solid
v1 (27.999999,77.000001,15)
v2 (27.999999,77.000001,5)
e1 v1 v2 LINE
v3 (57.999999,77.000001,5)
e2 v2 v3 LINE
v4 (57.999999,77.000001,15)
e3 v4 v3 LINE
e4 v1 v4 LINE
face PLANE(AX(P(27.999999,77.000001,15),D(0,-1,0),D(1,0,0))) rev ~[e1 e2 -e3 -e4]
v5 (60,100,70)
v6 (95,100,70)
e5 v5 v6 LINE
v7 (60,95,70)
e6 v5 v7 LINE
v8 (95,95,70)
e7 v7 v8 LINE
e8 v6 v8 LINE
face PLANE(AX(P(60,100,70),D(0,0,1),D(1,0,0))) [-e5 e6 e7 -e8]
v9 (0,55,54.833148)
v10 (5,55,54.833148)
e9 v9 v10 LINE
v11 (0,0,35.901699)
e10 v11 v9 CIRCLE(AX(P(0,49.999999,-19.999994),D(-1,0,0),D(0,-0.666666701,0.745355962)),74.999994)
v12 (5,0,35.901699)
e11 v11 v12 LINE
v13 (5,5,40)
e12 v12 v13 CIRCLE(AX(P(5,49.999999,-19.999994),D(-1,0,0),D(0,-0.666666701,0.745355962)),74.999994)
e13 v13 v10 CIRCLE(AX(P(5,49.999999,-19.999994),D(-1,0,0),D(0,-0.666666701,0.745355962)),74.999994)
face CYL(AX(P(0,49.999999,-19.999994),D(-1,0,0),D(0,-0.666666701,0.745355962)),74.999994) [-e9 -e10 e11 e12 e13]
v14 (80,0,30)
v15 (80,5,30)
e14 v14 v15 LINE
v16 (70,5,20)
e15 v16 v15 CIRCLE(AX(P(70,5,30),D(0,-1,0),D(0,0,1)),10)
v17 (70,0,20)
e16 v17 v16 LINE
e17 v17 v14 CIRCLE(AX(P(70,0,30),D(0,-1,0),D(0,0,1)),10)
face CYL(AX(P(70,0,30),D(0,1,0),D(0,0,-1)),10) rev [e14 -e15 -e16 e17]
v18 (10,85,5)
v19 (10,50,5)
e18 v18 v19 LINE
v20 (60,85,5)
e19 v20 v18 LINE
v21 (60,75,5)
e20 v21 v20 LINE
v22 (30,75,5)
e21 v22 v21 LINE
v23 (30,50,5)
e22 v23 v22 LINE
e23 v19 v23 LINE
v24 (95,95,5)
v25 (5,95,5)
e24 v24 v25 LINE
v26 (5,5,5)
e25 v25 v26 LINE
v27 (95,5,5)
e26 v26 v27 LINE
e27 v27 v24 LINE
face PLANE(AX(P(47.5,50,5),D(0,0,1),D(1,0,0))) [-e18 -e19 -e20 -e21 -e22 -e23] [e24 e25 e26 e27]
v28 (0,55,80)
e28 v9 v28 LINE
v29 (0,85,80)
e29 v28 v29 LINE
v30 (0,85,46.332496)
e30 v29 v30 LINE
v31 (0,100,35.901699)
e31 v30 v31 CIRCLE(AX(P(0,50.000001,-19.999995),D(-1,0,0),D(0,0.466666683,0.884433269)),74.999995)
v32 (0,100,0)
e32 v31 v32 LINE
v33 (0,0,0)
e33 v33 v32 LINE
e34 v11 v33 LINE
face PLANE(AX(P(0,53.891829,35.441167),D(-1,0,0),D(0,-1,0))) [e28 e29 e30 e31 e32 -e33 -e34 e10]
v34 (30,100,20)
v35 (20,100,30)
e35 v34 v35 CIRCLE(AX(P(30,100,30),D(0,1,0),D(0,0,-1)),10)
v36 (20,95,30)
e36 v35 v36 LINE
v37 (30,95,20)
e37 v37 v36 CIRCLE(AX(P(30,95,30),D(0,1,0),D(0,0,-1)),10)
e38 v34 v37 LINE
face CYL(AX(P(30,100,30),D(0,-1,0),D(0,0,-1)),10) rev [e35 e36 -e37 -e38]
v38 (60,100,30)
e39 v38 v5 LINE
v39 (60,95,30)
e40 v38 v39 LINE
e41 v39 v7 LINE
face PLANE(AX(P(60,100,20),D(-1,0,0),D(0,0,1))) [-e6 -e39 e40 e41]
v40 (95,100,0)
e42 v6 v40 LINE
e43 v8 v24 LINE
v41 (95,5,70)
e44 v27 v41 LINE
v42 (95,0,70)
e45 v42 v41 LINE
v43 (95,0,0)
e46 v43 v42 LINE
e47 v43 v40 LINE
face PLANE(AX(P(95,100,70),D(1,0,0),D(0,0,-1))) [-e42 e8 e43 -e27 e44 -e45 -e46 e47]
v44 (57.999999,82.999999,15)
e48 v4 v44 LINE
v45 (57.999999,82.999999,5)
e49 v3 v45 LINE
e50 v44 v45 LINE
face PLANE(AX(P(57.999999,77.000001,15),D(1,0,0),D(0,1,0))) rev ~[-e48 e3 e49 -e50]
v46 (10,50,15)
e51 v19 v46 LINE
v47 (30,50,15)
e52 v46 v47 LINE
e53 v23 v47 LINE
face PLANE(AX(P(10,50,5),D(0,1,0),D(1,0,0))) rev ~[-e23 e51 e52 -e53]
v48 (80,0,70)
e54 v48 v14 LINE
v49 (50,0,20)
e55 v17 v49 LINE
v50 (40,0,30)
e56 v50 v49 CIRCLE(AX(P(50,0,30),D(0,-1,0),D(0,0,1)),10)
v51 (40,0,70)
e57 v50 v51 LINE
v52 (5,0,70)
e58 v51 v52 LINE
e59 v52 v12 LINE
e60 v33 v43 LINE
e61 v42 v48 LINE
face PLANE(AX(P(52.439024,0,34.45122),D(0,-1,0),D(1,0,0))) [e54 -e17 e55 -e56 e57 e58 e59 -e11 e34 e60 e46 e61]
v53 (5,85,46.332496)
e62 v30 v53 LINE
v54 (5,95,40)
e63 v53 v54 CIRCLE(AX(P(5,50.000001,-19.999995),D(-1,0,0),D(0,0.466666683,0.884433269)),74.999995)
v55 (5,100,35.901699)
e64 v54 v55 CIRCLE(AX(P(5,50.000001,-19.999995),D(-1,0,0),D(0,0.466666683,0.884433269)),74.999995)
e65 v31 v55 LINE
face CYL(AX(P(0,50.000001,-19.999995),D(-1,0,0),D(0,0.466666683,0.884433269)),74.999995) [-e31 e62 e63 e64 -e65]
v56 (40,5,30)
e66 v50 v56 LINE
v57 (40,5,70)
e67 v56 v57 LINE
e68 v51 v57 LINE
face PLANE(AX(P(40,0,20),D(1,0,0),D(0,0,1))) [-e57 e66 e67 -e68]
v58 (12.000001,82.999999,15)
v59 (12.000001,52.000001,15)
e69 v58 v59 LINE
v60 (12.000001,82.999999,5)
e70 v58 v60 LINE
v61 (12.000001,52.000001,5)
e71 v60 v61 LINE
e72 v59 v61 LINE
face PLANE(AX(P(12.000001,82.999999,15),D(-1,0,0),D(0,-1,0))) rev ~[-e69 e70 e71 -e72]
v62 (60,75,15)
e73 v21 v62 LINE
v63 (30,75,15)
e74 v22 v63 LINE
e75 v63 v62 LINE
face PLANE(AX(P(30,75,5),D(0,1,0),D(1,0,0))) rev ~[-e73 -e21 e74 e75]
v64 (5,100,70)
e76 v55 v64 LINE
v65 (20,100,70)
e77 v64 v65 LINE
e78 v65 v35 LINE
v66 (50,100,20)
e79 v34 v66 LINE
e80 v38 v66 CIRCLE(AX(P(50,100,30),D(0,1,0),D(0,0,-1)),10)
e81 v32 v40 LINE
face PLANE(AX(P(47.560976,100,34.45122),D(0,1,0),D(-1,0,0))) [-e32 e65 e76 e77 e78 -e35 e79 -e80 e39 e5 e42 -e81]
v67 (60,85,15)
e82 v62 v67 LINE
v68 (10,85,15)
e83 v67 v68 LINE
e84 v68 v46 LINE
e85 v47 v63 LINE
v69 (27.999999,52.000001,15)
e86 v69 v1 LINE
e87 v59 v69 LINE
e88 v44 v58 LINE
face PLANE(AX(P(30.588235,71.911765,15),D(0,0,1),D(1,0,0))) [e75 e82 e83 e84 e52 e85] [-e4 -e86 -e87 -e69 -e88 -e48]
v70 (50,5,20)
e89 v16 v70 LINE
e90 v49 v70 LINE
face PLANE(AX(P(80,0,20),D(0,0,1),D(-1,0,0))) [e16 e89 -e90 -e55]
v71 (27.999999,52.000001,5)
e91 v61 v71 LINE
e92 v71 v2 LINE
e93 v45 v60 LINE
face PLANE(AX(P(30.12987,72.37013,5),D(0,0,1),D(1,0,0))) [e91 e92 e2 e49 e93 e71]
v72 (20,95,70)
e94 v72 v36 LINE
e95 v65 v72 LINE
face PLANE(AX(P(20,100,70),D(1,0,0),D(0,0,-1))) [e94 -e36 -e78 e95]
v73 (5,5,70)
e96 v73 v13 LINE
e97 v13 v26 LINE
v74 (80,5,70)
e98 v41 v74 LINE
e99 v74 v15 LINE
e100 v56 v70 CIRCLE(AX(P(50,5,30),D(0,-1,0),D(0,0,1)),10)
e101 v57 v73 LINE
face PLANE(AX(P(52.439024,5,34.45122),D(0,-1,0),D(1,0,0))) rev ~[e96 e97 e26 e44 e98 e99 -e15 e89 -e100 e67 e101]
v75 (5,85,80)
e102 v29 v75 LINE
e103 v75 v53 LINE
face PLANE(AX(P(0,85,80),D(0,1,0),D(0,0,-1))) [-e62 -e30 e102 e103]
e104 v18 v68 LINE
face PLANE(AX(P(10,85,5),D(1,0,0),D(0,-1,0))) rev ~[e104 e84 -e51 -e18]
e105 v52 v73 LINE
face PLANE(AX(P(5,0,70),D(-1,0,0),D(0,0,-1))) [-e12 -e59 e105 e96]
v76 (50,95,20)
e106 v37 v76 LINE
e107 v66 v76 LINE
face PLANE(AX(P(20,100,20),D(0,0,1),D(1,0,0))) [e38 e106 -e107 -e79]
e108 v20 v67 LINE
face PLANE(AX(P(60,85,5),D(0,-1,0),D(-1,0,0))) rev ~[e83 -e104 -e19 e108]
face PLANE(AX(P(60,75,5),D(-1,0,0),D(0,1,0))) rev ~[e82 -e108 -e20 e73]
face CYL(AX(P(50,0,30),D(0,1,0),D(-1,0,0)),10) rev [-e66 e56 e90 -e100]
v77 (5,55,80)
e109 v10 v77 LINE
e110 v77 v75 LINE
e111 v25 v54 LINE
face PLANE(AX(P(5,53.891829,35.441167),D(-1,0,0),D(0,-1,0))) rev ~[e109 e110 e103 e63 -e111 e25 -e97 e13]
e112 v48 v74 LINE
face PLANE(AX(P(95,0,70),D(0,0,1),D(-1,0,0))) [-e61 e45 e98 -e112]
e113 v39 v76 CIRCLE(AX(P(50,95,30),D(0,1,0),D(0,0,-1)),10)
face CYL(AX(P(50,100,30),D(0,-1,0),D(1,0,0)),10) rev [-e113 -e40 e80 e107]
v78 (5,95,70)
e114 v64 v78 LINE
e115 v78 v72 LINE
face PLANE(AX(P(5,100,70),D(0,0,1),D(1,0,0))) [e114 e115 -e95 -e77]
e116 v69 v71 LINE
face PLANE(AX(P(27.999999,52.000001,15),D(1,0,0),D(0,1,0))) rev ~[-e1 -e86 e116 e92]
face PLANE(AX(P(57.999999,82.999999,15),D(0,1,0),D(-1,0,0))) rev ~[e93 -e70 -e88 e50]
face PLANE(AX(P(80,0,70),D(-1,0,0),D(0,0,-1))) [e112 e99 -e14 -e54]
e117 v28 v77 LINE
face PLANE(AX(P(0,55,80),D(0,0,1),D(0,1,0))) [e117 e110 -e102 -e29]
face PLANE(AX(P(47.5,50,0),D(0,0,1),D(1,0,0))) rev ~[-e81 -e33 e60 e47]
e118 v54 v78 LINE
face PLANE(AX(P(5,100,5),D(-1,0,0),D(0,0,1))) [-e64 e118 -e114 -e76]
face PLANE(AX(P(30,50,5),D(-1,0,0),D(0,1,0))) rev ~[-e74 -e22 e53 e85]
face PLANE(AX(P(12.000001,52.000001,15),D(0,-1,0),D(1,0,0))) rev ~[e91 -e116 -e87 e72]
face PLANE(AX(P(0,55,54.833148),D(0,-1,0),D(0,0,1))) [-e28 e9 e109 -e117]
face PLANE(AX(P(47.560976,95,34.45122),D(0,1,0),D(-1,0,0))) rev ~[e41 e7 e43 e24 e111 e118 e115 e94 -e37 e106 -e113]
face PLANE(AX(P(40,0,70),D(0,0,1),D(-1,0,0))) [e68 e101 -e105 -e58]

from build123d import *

# Parameters (mm, degrees)
F0_W      = 95
F0_H      = 100
F1_DEPTH  = 5
F3_DEPTH  = 5
F5_DEPTH  = 5
F7_DEPTH  = 5
F8_R      = 10
F10_DEPTH = 10
F12_DEPTH = 10


with BuildPart() as f1:
    # F0 (on Top) → F1 (new body)
    with BuildSketch(Plane.XY):
        with Locations((47.5, 50)):
            Rectangle(F0_W, F0_H)
    extrude(amount=F1_DEPTH)

    # F2 (on face) → F3 (join)
    with BuildSketch(Plane(origin=(0, 0, 0), x_dir=(0, -1, 0), z_dir=(-1, 0, 0))):
        with BuildLine():
            Line((0, 5), (0, 35.901699))
            ThreePointArc((0, 35.901699), (-25.589962, 50.916501), (-55, 54.833148))
            Line((-55, 54.833148), (-55, 80))
            Line((-55, 80), (-85, 80))
            Line((-85, 80), (-85, 46.332496))
            ThreePointArc((-85, 46.332496), (-92.818809, 41.57556), (-100, 35.901699))
            Line((-100, 35.901699), (-100, 5))
            Line((-100, 5), (0, 5))
        make_face()
    extrude(amount=-F3_DEPTH)

    # F4 (on face) → F5 (join)
    with BuildSketch(Plane.XZ):
        Polygon((5, 70), (5, 5), (95, 5), (95, 70), (80, 70), (80, 20), (40, 20), (40, 70), align=None)
    extrude(amount=-F5_DEPTH)

    # F6 (on face) → F7 (join)
    with BuildSketch(Plane(origin=(0, 100, 0), x_dir=(-1, 0, 0), z_dir=(0, 1, 0))):
        Polygon((-95, 5), (-5, 5), (-5, 70), (-20, 70), (-20, 20), (-60, 20), (-60, 70), (-95, 70), align=None)
    extrude(amount=-F7_DEPTH)

    # F8
    f8_edges = [f1.edges().sort_by_distance(p)[0] for p in [
        (20, 97.5, 20),
        (40, 2.5, 20),
        (60, 97.5, 20),
        (80, 2.5, 20),
    ]]
    fillet(f8_edges, radius=F8_R)

    # F9 (on face) → F10 (join)
    with BuildSketch(Plane.XY.offset(5)):
        Polygon((10, 85), (10, 50), (30, 50), (30, 75), (60, 75), (60, 85), align=None)
    extrude(amount=F10_DEPTH)

    # F11 (on face) → F12 (cut)
    with BuildSketch(Plane.XY.offset(15)):
        Polygon((57.999999, 82.999999), (12.000001, 82.999999), (12.000001, 52.000001), (27.999999, 52.000001), (27.999999, 77.000001), (57.999999, 77.000001), align=None)
    extrude(amount=-F12_DEPTH, mode=Mode.SUBTRACT)


solid = f1.part
